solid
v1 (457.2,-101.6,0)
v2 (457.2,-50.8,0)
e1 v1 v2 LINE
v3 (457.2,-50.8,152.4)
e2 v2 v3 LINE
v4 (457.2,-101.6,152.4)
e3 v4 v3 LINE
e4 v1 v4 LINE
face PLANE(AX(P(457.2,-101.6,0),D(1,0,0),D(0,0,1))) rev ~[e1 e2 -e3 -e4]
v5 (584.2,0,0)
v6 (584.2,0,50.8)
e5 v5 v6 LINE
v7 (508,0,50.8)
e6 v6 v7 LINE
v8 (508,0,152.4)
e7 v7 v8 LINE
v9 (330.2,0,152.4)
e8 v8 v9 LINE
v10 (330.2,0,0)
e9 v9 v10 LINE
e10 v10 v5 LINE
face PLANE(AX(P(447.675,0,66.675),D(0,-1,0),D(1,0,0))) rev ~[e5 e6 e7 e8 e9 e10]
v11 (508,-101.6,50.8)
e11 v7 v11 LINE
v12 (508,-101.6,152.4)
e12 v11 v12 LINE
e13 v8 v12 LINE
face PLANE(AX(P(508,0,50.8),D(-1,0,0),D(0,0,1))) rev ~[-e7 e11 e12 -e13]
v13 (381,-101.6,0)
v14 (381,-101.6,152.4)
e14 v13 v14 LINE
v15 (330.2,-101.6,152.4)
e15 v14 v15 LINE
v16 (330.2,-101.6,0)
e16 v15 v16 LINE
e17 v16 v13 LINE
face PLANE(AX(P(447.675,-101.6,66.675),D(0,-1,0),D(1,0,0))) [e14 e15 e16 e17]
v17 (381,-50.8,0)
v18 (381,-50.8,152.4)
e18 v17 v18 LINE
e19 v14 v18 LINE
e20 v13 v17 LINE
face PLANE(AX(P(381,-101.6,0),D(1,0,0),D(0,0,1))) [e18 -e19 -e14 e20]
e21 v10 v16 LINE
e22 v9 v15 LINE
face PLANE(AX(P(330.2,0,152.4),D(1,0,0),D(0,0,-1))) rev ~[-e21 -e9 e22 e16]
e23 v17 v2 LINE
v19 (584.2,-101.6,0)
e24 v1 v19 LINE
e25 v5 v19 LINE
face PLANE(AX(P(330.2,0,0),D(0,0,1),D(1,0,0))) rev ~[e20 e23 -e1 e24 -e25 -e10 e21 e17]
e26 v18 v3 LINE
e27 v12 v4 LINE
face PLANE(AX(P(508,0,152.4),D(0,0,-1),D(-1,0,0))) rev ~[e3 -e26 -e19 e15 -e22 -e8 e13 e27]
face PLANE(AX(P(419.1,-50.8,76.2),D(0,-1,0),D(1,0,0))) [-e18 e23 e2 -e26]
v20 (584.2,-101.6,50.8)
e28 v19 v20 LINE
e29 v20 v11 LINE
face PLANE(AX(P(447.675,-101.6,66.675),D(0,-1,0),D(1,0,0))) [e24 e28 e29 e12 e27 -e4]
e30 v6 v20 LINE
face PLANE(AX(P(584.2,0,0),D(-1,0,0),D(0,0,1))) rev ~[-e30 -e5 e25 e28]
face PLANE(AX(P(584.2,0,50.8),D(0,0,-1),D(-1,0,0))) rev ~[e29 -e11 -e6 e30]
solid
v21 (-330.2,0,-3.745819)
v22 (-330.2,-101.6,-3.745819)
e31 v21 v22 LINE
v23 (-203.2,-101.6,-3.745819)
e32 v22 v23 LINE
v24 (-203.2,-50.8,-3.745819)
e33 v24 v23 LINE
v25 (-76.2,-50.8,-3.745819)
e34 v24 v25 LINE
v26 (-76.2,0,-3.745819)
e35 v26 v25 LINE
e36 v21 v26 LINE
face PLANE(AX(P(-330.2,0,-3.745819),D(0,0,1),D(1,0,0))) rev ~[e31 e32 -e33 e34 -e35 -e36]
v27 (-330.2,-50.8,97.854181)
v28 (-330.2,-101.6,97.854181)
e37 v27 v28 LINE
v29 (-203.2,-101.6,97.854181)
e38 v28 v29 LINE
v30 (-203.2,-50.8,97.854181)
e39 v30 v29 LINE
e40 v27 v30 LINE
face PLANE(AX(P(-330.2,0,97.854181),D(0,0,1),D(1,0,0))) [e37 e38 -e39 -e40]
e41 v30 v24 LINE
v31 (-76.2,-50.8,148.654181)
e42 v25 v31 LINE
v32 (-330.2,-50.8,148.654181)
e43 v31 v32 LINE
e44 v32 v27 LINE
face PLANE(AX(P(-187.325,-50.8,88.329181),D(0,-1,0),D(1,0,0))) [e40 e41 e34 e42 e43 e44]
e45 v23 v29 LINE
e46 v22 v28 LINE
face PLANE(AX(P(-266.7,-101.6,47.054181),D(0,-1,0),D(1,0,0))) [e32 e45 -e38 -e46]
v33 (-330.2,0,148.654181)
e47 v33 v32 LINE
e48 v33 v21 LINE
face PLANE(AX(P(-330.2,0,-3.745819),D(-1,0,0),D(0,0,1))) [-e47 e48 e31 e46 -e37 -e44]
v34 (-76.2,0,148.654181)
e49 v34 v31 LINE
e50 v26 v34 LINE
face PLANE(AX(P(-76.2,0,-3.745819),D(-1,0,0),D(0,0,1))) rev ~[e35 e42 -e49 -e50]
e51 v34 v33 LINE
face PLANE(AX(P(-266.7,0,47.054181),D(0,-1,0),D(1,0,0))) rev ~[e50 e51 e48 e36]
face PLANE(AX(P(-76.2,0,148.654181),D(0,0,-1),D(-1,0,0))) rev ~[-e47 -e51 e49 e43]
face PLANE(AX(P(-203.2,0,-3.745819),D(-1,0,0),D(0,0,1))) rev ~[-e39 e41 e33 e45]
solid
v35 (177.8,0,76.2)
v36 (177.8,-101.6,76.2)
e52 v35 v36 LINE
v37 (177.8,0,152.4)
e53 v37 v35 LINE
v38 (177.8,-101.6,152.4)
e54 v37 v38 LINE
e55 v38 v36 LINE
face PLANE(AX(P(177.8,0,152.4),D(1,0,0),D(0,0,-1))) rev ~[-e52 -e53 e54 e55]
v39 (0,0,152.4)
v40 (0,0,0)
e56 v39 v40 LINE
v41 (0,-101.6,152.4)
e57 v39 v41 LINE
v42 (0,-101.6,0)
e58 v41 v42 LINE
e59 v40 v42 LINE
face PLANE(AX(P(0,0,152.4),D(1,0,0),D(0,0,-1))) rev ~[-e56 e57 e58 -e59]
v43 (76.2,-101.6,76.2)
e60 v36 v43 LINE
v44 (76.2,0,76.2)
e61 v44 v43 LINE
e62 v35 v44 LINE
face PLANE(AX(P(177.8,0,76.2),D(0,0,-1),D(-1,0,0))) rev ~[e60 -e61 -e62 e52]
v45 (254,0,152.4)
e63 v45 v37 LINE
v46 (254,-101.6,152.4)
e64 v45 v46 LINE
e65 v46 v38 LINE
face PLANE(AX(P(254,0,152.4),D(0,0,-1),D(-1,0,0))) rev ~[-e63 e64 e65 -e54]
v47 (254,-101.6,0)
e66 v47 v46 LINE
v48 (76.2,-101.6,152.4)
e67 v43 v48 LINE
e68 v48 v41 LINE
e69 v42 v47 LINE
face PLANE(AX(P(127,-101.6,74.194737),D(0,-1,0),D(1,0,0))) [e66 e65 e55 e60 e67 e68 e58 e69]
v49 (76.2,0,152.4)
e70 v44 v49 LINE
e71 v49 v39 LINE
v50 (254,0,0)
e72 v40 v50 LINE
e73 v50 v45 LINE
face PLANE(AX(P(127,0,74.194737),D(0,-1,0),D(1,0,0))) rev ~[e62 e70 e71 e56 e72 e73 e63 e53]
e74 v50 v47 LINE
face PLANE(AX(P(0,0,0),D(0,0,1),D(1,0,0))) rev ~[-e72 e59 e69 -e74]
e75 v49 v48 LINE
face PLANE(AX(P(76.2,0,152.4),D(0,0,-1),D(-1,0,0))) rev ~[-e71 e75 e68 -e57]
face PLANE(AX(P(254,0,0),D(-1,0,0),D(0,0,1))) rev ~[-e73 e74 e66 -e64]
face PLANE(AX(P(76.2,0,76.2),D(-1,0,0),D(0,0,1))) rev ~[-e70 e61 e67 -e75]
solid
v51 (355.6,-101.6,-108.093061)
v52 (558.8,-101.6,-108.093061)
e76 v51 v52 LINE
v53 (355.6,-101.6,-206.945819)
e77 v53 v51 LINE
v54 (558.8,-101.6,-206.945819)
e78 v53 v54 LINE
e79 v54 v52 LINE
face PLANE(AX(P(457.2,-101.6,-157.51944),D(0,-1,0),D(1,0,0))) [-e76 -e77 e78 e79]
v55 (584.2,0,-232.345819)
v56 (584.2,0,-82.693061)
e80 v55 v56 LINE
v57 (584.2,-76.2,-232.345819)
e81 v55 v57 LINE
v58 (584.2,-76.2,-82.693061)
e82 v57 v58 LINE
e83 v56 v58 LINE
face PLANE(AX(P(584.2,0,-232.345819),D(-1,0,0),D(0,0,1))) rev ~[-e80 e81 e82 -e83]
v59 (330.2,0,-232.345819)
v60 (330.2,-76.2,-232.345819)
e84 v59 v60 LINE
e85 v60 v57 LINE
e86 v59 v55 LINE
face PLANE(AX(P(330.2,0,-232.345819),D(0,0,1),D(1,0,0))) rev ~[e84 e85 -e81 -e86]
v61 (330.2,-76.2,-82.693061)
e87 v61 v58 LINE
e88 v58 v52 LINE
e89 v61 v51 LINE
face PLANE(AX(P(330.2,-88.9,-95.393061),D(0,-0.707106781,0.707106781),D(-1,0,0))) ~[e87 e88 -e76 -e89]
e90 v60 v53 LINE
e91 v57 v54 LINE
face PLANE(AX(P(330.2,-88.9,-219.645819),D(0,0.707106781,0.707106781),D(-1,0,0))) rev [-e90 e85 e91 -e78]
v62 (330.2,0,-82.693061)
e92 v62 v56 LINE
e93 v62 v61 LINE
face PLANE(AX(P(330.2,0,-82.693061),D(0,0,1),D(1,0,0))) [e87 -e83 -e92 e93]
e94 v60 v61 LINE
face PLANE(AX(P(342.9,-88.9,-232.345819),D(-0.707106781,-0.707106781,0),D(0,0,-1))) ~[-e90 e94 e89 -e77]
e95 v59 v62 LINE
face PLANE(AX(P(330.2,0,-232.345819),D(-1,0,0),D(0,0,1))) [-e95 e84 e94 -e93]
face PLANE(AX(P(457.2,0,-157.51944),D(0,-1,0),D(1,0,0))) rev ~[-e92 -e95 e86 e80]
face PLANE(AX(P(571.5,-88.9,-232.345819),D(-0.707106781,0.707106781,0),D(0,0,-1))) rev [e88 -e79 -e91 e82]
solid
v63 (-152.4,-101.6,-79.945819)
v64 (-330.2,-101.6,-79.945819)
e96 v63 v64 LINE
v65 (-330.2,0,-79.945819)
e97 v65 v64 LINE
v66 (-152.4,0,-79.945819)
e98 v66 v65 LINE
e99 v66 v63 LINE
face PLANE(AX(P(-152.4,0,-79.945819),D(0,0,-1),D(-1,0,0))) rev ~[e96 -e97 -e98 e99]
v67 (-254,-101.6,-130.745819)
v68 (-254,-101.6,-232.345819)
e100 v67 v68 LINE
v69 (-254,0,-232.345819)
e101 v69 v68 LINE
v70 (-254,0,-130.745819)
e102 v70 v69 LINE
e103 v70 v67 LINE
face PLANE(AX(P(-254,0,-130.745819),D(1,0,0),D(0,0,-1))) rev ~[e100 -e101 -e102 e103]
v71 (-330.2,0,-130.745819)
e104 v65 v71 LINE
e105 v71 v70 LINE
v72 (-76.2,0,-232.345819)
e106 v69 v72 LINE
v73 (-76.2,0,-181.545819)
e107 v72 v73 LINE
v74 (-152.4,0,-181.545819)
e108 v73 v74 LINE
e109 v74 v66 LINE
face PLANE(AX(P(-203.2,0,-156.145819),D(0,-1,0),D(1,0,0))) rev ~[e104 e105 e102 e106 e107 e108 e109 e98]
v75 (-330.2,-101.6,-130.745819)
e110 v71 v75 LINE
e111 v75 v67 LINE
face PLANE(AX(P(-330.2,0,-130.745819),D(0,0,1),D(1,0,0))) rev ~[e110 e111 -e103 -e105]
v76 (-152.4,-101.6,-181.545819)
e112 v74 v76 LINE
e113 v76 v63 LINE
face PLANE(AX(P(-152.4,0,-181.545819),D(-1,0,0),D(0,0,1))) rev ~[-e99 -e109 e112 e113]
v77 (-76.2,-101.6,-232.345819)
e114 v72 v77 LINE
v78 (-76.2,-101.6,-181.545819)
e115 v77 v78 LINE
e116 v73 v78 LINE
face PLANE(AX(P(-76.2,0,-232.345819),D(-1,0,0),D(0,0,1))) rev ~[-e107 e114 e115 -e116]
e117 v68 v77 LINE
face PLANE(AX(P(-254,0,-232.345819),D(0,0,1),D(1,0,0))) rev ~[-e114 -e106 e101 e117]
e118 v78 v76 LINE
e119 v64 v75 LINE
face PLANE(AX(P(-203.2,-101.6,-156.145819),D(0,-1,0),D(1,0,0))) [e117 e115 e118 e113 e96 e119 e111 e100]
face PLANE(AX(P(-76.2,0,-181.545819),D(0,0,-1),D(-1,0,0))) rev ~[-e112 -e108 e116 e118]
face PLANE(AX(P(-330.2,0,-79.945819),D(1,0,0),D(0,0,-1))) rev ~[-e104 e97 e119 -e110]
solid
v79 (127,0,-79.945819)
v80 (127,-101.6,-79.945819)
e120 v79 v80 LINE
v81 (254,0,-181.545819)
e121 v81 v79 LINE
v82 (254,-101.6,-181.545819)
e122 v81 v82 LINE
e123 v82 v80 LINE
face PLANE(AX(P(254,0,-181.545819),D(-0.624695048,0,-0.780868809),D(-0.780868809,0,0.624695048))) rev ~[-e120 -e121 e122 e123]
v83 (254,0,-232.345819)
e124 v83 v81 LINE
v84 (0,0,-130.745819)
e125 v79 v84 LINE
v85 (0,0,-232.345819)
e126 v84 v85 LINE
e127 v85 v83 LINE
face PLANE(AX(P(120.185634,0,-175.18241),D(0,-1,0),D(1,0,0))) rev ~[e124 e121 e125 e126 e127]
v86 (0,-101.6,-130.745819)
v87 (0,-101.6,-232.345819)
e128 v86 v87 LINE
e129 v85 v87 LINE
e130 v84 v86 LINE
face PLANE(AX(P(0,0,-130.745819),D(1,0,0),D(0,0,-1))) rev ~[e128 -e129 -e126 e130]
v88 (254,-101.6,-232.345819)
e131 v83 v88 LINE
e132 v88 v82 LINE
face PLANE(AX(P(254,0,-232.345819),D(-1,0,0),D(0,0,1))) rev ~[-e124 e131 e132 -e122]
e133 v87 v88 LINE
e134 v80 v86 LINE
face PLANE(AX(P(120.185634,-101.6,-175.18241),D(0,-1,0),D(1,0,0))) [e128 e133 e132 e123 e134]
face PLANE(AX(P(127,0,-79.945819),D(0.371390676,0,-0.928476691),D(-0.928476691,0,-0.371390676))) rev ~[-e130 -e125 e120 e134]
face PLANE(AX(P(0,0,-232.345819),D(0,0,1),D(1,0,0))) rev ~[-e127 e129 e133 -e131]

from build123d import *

# Parameters (mm, degrees)
F1_DEPTH = 101.6
F2_DEPTH = 50.8
F0_W     = 127
F0_H     = 101.6
F3_DEPTH = 101.6
F4_DEPTH = 101.6
F5_W     = 76.2
F5_H     = 152.4
F6_DEPTH = 50.8
F7_DEPTH = 101.6
F8_DEPTH = 101.6
F0_W_2   = 254
F0_H_2   = 149.6527589202
F9_DEPTH = 101.6
F10_SIZE = 25.4


with BuildPart() as f1:
    # F0 (on Front) → F1 (new body)
    with BuildSketch(Plane.XZ):
        Polygon((0, 152.4), (0, 0), (254, 0), (254, 152.4), (177.8, 152.4), (177.8, 76.2), (76.2, 76.2), (76.2, 152.4), align=None)
    extrude(amount=F1_DEPTH)


with BuildPart() as f2:
    # F0 (on Front) → F2 (new body)
    with BuildSketch(Plane.XZ):
        Polygon((-203.2, -3.7458194733), (-76.2, -3.7458194733), (-76.2, 148.6541805267), (-330.2, 148.6541805267), (-330.2, 97.8541805267), (-203.2, 97.8541805267), align=None)
    extrude(amount=F2_DEPTH)

    # F0 (on Front) → F3 (join)
    with BuildSketch(Plane.XZ):
        with Locations((-266.7, 47.0541805267)):
            Rectangle(F0_W, F0_H)
    extrude(amount=F3_DEPTH)


with BuildPart() as f4:
    # F0 (on Front) → F4 (new body)
    with BuildSketch(Plane.XZ):
        Polygon((508, 152.4), (330.2, 152.4), (330.2, 0), (584.2, 0), (584.2, 50.8), (508, 50.8), align=None)
    extrude(amount=F4_DEPTH)

    # F5 (on face) → F6 (cut)
    with BuildSketch(Plane.XZ.offset(101.6)):
        with Locations((419.1, 76.2)):
            Rectangle(F5_W, F5_H)
    extrude(amount=-F6_DEPTH, mode=Mode.SUBTRACT)


with BuildPart() as f7:
    # F0 (on Front) → F7 (new body)
    with BuildSketch(Plane.XZ):
        Polygon((-152.4, -79.9458194733), (-330.2, -79.9458194733), (-330.2, -130.7458194733), (-254, -130.7458194733), (-254, -232.3458194733), (-76.2, -232.3458194733), (-76.2, -181.5458194733), (-152.4, -181.5458194733), align=None)
    extrude(amount=F7_DEPTH)


with BuildPart() as f8:
    # F0 (on Front) → F8 (new body)
    with BuildSketch(Plane.XZ):
        Polygon((254, -181.5458194733), (127, -79.9458194733), (0, -130.7458194733), (0, -232.3458194733), (254, -232.3458194733), align=None)
    extrude(amount=F8_DEPTH)


with BuildPart() as f9:
    # F0 (on Front) → F9 (new body)
    with BuildSketch(Plane.XZ):
        with Locations((457.2, -157.5194400132)):
            Rectangle(F0_W_2, F0_H_2)
    extrude(amount=F9_DEPTH)

    # F10
    f10_edges = [f9.edges().sort_by_distance(p)[0] for p in [
        (330.2, -101.6, -157.51944),
        (457.2, -101.6, -232.345819),
        (584.2, -101.6, -157.51944),
        (457.2, -101.6, -82.693061),
    ]]
    chamfer(f10_edges, length=F10_SIZE)


solid = Compound([f1.part, f2.part, f4.part, f7.part, f8.part, f9.part])
